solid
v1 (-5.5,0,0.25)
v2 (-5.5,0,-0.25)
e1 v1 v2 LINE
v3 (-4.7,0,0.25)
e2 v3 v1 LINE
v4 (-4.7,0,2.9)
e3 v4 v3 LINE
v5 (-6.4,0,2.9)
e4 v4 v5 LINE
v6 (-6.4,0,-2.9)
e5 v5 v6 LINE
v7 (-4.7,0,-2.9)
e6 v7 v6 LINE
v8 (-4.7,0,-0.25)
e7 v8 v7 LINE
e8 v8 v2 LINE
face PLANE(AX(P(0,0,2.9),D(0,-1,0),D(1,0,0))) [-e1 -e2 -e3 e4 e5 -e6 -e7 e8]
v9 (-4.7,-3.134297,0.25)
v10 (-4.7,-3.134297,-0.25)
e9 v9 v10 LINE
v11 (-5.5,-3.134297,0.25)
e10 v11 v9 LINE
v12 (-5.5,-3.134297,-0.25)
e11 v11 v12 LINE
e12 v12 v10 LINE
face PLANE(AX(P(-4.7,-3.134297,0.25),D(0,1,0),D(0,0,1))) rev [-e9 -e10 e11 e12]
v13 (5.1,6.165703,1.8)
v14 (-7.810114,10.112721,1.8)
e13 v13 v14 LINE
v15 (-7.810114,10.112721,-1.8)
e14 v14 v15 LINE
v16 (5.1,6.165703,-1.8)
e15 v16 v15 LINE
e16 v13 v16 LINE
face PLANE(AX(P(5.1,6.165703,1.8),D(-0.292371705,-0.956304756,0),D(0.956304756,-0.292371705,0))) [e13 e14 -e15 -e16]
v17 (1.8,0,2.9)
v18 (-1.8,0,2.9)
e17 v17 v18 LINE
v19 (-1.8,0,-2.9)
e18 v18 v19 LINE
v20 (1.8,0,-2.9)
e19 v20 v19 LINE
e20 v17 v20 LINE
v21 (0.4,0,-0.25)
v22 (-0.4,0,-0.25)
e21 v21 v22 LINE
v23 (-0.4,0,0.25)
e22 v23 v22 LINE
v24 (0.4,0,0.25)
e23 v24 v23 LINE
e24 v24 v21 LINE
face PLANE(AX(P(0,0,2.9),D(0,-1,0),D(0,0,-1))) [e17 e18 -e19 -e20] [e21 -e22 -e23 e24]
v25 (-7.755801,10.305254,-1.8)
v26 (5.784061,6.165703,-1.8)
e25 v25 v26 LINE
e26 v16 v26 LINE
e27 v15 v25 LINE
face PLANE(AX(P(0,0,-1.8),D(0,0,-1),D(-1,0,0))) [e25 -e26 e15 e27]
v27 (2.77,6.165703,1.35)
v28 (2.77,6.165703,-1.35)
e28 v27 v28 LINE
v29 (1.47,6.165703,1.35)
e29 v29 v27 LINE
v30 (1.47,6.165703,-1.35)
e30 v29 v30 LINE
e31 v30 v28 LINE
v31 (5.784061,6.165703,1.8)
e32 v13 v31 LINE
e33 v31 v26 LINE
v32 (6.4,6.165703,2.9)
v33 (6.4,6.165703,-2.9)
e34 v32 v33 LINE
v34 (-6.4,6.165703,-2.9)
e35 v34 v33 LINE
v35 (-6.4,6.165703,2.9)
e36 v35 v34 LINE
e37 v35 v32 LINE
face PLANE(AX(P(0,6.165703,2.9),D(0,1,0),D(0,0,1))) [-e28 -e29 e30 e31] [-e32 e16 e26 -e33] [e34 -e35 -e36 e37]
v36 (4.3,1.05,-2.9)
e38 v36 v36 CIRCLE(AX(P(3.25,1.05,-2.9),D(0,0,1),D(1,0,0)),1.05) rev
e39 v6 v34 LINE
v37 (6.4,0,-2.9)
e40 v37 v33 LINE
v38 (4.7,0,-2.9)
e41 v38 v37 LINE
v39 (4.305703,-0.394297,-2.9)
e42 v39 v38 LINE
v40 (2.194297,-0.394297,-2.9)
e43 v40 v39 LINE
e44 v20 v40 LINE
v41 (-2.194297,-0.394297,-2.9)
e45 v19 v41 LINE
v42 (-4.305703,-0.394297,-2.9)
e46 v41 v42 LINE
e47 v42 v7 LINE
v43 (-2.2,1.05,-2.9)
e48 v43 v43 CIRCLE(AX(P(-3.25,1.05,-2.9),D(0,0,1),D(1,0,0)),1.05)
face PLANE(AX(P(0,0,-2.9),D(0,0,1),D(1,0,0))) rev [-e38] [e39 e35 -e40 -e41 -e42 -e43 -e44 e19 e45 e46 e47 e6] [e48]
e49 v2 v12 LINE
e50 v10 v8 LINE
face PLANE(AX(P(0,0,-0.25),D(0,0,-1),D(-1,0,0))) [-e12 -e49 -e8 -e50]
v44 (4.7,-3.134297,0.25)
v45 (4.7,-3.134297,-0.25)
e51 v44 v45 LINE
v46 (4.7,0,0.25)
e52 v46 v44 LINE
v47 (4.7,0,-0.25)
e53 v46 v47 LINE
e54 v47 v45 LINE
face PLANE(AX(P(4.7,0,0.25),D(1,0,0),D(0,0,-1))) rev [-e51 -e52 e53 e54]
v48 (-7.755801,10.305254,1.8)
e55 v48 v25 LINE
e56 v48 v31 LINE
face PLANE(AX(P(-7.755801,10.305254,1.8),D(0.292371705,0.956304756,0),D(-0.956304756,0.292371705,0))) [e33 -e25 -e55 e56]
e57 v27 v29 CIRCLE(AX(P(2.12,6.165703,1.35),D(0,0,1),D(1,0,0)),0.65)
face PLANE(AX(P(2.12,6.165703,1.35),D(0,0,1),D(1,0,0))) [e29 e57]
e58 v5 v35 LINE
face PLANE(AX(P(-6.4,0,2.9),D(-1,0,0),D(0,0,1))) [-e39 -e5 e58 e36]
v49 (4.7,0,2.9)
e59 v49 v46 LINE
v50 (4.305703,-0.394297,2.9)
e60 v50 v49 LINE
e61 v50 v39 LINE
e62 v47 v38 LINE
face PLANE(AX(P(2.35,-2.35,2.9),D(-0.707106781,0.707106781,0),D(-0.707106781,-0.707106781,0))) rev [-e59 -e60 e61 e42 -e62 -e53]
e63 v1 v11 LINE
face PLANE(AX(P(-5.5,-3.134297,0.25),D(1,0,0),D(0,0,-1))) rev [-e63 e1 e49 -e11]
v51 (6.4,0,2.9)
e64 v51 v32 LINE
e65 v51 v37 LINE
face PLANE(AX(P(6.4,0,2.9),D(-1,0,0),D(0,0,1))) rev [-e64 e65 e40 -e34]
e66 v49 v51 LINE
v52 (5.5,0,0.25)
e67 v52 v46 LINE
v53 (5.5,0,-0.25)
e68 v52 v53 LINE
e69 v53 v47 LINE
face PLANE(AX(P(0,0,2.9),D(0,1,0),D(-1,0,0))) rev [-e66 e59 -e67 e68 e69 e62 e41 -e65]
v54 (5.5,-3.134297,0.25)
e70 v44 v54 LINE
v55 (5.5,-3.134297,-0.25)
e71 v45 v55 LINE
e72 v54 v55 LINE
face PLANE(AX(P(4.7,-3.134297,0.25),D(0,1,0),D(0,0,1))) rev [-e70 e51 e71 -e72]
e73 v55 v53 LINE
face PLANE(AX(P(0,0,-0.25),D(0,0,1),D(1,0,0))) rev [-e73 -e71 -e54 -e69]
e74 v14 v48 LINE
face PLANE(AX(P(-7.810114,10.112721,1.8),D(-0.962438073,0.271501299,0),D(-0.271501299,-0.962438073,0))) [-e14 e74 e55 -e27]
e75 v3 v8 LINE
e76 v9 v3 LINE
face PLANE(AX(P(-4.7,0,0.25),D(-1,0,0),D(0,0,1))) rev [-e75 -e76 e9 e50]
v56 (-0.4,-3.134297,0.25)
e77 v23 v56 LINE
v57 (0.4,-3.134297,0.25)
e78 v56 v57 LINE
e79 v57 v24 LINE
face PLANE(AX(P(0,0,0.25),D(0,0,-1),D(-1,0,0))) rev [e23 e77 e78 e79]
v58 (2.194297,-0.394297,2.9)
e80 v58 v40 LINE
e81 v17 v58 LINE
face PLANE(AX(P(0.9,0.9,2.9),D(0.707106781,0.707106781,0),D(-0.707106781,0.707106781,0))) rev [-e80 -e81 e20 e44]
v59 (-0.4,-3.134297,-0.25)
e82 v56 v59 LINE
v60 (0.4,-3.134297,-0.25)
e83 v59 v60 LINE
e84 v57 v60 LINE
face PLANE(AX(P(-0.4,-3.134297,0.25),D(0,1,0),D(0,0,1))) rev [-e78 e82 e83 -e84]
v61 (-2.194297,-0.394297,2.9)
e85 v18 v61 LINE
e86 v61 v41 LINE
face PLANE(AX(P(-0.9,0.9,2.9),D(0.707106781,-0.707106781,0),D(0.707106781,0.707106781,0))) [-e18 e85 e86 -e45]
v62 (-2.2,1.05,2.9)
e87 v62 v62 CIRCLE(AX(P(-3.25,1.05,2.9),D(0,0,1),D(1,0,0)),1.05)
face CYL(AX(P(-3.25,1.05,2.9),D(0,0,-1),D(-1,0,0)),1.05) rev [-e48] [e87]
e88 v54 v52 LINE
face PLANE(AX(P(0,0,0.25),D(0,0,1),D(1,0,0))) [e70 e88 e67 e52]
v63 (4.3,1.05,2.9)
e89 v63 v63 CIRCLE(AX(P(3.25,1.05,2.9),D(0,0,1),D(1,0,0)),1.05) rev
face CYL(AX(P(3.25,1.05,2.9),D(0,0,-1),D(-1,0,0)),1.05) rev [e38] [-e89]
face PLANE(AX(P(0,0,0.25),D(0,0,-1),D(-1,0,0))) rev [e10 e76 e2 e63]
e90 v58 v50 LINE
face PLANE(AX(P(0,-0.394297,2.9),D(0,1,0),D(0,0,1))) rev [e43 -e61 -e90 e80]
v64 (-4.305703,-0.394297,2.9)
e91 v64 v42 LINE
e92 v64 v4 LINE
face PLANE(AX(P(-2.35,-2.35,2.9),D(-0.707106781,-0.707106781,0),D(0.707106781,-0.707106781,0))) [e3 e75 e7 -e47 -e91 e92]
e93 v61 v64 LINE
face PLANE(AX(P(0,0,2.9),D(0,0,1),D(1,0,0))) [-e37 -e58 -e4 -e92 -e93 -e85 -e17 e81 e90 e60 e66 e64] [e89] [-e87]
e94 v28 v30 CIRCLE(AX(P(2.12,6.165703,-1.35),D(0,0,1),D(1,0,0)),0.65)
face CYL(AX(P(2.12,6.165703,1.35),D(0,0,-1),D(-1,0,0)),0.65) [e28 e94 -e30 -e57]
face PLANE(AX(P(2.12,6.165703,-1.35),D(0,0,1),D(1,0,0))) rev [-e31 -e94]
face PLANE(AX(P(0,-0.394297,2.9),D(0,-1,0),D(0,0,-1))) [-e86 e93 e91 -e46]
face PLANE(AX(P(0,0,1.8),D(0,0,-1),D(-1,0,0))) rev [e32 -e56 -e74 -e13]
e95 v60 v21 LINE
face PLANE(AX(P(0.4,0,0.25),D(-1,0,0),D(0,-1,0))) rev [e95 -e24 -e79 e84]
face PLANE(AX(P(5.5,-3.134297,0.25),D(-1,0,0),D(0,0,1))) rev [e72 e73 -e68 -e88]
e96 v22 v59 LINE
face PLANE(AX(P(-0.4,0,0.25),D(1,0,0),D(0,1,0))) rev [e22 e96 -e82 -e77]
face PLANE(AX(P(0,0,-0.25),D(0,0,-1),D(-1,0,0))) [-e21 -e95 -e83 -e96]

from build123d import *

# Parameters (mm, degrees)
SKETCH_1_R      = 1.05
EXTRUDE_1_DEPTH = 2.9
EXTRUDE_2_DEPTH = 1.35
SKETCH_3_W      = 0.8
SKETCH_3_H      = 3.134296818
EXTRUDE_3_DEPTH = 0.25
EXTRUDE_4_DEPTH = 1.8


with BuildPart() as part:
    # 草图1 → 凸台-拉伸1 (new, symmetric)
    with BuildSketch(Plane.XY):
        Polygon((1.8, 0), (-1.8, 0), (-2.194296818, -0.394296818), (-4.305703182, -0.394296818), (-4.7, 0), (-6.4, 0), (-6.4, 6.165703182), (6.4, 6.165703182), (6.4, 0), (4.7, 0), (4.305703182, -0.394296818), (2.194296818, -0.394296818), align=None)
        with Locations((-3.25, 1.05)):
            Circle(SKETCH_1_R, mode=Mode.SUBTRACT)
        with Locations((3.25, 1.05)):
            Circle(SKETCH_1_R, mode=Mode.SUBTRACT)
    extrude(amount=EXTRUDE_1_DEPTH, both=True)

    # 草图2 → 凸台-拉伸2 (add, symmetric)
    with BuildSketch(Plane.XY):
        with BuildLine():
            Line((1.47, 6.165703182), (2.77, 6.165703182))
            ThreePointArc((2.77, 6.165703182), (2.12, 6.815703182), (1.47, 6.165703182))
        make_face()
    extrude(amount=EXTRUDE_2_DEPTH, both=True)

    # 草图3 → 凸台-拉伸3 (add, symmetric)
    with BuildSketch(Plane.XY):
        with Locations((5.1, -1.567148409)):
            Rectangle(SKETCH_3_W, SKETCH_3_H)
        with Locations((0, -1.567148409)):
            Rectangle(SKETCH_3_W, SKETCH_3_H)
        with Locations((-5.1, -1.567148409)):
            Rectangle(SKETCH_3_W, SKETCH_3_H)
    extrude(amount=EXTRUDE_3_DEPTH, both=True)

    # 草图4 → 凸台-拉伸4 (add, symmetric)
    with BuildSketch(Plane.XY):
        Polygon((-7.755801096, 10.305254362), (5.784060724, 6.165703182), (5.1, 6.165703182), (-7.810114206, 10.112721195), align=None)
    extrude(amount=EXTRUDE_4_DEPTH, both=True)


solid = part.part
